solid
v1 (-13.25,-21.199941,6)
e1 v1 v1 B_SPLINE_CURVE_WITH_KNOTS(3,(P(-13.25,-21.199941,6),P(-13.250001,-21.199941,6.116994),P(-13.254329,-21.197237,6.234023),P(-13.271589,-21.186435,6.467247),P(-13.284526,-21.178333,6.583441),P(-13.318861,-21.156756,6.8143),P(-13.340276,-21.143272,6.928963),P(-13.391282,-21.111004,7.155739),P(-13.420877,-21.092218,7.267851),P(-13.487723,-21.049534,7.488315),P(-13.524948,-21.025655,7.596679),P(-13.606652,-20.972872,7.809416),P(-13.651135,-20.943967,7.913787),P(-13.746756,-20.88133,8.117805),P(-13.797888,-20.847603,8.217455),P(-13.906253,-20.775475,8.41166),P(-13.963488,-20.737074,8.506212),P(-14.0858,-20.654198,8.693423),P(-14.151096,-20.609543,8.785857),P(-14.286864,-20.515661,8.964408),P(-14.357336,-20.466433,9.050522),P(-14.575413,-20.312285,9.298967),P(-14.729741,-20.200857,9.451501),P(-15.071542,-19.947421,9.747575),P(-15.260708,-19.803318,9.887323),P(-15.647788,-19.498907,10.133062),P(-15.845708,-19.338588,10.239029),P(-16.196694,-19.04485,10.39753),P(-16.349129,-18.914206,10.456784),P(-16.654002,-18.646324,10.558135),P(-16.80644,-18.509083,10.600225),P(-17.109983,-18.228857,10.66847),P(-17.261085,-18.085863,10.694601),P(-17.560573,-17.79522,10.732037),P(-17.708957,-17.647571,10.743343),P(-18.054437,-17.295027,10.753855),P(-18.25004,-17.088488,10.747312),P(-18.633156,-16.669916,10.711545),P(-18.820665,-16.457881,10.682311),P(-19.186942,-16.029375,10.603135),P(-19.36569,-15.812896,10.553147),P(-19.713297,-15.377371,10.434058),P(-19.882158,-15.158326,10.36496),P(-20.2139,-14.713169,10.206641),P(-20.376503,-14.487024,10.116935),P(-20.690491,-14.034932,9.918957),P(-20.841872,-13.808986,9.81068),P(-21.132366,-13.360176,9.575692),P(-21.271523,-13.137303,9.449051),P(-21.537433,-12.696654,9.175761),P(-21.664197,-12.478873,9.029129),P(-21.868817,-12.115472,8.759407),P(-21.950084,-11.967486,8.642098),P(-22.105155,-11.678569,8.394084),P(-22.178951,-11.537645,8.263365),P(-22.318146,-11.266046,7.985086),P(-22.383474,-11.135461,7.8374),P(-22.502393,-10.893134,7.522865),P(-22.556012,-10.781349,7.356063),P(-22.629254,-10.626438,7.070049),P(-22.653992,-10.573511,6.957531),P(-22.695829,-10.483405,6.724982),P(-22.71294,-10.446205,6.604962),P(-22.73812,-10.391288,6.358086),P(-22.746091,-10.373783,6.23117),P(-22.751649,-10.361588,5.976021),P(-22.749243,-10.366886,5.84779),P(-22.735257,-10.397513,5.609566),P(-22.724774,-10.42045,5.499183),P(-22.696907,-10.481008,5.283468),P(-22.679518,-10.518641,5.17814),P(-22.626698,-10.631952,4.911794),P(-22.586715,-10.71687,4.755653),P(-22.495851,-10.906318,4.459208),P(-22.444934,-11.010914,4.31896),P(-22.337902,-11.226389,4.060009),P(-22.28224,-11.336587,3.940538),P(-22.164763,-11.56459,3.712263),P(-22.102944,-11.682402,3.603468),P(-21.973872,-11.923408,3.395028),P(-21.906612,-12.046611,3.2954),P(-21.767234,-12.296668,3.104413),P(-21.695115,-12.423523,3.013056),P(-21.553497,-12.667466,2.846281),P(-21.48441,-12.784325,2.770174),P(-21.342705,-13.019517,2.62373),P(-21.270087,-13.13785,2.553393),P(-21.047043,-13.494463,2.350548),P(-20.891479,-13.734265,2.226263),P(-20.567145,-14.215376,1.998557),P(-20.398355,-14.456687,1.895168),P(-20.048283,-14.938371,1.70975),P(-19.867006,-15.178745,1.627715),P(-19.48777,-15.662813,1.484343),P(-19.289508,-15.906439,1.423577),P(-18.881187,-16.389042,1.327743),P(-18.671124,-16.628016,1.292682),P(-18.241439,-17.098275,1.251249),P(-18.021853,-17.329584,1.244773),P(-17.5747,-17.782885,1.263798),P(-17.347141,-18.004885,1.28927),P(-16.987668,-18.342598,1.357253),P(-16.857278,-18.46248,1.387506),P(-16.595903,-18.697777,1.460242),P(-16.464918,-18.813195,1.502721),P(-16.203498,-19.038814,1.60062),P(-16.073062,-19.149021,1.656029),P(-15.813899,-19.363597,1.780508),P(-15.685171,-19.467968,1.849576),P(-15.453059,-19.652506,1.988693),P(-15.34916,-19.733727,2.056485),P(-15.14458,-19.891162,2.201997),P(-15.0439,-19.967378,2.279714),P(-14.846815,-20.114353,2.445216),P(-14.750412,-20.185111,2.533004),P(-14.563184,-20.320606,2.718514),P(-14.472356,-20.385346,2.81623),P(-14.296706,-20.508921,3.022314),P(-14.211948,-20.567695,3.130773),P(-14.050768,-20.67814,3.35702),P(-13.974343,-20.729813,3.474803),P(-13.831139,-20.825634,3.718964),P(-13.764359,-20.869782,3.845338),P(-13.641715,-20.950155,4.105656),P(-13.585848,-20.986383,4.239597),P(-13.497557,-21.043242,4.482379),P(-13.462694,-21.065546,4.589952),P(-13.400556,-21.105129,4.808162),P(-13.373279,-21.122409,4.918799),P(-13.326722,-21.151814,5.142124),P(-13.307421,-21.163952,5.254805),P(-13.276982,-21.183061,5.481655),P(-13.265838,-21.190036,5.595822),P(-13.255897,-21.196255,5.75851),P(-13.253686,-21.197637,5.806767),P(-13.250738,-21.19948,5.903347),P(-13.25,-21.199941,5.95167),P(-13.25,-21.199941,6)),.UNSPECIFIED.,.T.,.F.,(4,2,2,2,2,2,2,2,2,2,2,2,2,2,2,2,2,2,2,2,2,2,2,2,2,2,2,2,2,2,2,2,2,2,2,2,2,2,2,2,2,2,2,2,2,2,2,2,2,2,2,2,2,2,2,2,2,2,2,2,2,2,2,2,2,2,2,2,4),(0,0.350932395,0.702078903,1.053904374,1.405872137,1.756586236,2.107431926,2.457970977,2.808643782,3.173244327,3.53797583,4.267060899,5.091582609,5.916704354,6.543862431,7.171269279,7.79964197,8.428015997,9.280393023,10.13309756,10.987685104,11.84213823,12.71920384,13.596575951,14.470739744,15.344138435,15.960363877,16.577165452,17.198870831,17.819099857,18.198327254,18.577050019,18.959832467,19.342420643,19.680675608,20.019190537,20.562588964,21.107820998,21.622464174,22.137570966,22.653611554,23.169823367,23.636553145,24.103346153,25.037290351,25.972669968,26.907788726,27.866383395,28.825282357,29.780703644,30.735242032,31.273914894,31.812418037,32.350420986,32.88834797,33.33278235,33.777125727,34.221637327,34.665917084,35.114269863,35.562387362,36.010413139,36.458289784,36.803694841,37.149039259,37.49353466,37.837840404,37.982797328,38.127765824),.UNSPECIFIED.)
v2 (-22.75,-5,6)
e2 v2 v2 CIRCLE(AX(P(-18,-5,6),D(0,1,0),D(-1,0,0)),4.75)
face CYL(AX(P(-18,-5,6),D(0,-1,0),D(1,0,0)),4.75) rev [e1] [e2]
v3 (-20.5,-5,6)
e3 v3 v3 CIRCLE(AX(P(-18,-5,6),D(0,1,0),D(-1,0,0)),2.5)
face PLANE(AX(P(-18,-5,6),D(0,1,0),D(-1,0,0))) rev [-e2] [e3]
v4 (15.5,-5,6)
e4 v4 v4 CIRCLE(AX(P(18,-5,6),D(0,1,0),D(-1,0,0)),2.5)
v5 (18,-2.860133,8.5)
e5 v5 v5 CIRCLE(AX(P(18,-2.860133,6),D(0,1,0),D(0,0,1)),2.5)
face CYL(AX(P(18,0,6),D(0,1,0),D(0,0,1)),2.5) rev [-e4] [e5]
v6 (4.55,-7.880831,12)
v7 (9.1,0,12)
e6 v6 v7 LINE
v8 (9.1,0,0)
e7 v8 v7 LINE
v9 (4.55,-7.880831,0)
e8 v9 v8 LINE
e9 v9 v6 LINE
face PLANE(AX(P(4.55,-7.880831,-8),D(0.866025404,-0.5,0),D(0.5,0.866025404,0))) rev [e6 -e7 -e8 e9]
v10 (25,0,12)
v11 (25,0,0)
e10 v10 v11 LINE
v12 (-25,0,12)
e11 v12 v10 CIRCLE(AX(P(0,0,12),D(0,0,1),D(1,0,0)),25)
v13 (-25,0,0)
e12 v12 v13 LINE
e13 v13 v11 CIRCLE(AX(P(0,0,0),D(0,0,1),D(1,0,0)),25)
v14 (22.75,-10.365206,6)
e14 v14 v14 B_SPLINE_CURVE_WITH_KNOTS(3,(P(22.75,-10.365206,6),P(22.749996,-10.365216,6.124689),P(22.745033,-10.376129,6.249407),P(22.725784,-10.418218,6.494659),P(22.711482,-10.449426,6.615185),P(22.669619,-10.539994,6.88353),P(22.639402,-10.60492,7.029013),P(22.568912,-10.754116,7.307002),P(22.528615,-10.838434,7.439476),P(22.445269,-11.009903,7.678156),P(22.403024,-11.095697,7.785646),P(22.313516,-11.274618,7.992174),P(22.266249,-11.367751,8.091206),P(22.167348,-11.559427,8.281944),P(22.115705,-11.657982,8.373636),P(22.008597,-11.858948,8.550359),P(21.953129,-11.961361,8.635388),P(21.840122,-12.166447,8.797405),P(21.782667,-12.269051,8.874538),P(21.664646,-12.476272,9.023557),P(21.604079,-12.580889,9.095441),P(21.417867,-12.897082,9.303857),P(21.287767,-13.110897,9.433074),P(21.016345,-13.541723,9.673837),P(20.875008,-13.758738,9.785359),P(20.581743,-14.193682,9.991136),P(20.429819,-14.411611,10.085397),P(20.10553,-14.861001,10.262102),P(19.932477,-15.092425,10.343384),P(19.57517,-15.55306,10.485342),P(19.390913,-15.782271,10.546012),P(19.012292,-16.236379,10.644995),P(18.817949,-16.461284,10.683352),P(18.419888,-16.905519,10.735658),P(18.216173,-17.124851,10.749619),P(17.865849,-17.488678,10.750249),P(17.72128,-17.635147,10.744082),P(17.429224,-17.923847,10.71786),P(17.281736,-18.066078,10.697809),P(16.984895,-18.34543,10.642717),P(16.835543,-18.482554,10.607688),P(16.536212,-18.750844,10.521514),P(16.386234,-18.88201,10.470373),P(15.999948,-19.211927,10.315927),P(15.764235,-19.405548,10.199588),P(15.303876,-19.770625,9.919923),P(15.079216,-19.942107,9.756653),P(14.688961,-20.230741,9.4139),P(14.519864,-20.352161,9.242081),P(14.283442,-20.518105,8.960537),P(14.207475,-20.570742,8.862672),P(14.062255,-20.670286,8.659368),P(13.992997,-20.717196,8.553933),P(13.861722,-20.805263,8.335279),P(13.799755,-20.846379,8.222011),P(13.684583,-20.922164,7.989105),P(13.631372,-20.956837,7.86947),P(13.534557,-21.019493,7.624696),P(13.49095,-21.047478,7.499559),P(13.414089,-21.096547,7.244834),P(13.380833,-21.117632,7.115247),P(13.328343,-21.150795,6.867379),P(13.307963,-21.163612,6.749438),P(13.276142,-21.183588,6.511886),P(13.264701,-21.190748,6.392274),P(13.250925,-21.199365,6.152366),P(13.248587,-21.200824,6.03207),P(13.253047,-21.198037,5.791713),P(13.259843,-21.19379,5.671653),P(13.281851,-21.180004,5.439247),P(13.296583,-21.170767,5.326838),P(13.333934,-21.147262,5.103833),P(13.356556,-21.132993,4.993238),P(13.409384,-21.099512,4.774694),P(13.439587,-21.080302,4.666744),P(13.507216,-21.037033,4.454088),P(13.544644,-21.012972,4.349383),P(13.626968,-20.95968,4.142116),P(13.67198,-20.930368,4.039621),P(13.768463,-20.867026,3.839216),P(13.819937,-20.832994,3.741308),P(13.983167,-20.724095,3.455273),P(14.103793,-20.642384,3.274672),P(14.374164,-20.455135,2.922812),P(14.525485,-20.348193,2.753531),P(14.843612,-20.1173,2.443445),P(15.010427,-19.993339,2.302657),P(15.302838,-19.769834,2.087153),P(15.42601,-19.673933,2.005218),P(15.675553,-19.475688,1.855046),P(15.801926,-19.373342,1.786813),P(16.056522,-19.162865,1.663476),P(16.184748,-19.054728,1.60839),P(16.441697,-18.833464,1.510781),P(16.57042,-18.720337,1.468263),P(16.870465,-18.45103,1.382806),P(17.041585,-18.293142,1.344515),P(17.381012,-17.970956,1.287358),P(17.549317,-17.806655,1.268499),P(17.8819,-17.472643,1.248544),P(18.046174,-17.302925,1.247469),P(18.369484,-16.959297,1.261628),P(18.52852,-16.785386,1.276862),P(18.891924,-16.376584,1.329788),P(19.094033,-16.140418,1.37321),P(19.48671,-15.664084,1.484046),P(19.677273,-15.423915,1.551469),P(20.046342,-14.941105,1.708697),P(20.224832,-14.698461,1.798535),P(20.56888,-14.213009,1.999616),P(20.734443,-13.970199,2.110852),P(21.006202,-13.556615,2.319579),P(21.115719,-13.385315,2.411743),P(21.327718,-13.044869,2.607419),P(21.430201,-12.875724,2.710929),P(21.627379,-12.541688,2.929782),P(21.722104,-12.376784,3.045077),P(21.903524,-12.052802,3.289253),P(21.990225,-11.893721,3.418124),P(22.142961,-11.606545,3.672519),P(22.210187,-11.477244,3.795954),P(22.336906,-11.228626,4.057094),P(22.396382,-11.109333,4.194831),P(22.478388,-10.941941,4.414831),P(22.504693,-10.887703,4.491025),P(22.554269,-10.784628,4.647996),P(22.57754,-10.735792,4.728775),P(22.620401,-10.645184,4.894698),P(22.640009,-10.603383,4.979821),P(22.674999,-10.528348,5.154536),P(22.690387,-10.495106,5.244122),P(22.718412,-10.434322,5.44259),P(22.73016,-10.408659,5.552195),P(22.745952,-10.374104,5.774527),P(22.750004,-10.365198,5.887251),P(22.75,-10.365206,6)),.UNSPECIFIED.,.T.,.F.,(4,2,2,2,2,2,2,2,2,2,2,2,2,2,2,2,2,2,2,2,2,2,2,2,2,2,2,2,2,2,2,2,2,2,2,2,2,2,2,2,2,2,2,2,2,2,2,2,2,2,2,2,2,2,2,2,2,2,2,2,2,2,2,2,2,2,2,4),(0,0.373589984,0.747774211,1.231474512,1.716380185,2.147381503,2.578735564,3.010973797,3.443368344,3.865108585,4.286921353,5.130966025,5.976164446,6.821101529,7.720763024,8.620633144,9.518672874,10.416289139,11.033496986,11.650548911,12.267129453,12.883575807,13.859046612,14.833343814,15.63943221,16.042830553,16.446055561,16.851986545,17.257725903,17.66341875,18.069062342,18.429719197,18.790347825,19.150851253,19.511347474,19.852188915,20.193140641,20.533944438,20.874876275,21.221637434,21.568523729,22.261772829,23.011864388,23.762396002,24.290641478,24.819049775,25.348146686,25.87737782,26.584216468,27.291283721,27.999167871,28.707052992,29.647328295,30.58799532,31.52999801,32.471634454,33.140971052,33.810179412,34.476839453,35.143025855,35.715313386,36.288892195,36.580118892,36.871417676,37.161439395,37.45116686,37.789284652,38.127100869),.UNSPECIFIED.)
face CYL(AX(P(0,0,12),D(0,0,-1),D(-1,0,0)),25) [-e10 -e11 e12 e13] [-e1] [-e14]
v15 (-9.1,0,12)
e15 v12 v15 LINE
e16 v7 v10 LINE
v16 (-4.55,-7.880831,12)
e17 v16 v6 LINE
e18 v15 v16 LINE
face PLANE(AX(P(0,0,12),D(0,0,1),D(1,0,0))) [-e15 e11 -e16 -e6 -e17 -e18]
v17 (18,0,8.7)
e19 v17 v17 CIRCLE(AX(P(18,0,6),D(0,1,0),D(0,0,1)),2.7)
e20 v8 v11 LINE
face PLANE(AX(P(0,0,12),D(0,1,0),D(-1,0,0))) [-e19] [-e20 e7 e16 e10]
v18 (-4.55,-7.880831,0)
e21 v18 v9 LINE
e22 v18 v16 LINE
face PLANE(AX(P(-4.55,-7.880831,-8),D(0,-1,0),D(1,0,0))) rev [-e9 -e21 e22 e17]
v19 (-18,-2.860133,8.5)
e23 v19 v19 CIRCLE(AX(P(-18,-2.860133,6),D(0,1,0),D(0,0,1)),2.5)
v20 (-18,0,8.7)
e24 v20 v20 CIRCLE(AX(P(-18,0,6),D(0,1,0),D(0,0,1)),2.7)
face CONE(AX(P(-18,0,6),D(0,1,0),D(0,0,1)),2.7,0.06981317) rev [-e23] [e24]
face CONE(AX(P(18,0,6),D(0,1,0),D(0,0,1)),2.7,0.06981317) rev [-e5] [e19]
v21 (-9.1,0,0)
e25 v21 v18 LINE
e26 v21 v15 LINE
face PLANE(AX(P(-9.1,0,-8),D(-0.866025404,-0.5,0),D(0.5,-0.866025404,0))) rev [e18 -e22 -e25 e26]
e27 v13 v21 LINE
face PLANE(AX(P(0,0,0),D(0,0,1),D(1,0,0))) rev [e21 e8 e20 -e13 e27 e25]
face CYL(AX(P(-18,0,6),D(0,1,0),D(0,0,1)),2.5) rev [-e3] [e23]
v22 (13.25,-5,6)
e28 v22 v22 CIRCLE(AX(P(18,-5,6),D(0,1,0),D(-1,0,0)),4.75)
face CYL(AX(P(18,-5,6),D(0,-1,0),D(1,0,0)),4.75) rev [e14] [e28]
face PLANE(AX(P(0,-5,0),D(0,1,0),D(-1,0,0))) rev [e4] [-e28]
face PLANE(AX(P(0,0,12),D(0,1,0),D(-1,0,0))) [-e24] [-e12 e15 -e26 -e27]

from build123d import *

# Parameters (mm, degrees)
BOSS_EXTRUDE1_DEPTH                          = 12
SKETCH2_R                                    = 4.75
CUT_EXTRUDE1_DEPTH                           = 35
SKETCH3_R                                    = 2.05
CUT_EXTRUDE2_DEPTH                           = 35
CUT_EXTRUDE3_DEPTH                           = 20
CSK_FOR_M3_CROSS_COUNTERSUNK_HEAD_SC_2_COUNT = 2
CSK_FOR_M3_CROSS_COUNTERSUNK_HEAD_SC_2_PITCH = 36


with BuildPart() as part:
    # Sketch1 → Boss-Extrude1 (new body)
    with BuildSketch(Plane.XY):
        with BuildLine():
            Line((-9.1, 0), (-25, 0))
            ThreePointArc((-25, 0), (0, -25), (25, 0))
            Line((25, 0), (9.211282306, 0))
            Line((9.211282306, 0), (9.1, 0))
            Line((9.1, 0), (-9.1, 0))
        make_face()
    extrude(amount=BOSS_EXTRUDE1_DEPTH)

    # Sketch2 → Cut-Extrude1 (cut)
    with BuildSketch(Plane(origin=(0, -40, 0), x_dir=(1, 0, 0), z_dir=(0, 1, 0))):
        with Locations((18, -6)):
            Circle(SKETCH2_R)
        with Locations((-18, -6)):
            Circle(SKETCH2_R)
    extrude(amount=CUT_EXTRUDE1_DEPTH, mode=Mode.SUBTRACT)

    # Sketch3 → Cut-Extrude2 (cut)
    with BuildSketch(Plane.XZ.offset(5)):
        with Locations((18, 6)):
            Circle(SKETCH3_R)
        with Locations((-18, 6)):
            Circle(SKETCH3_R)
    extrude(amount=-CUT_EXTRUDE2_DEPTH, mode=Mode.SUBTRACT)

    # Sketch4 → Cut-Extrude3 (cut)
    with BuildSketch(Plane.XY.offset(12)):
        Polygon((9.1, 0), (4.55, 7.880831174), (-4.55, 7.880831174), (-9.1, 0), (-4.55, -7.880831174), (4.55, -7.880831174), align=None)
    extrude(amount=-CUT_EXTRUDE3_DEPTH, mode=Mode.SUBTRACT)

    # Sketch5 → CSK for M3 Cross Countersunk Head Screw1 (revolve, cut)
    with BuildSketch(Plane(origin=(-18, 0, 6), x_dir=(0, 0, 1), z_dir=(1, 0, 0))):
        Polygon((0, 0), (0, 25), (2.5, 25), (2.5, 2.860133251), (2.7, 0), align=None)
    csk_for_m3_cross_countersunk_head_screw1 = revolve(axis=Axis((-18, 6.35, 6), (0, -1, 0)), mode=Mode.SUBTRACT)

    # CSK for M3 Cross Countersunk Head Sc 2: CSK for M3 Cross Countersunk Head Screw1 ×2
    with Locations(*[(i * CSK_FOR_M3_CROSS_COUNTERSUNK_HEAD_SC_2_PITCH, 0, 0) for i in range(1, CSK_FOR_M3_CROSS_COUNTERSUNK_HEAD_SC_2_COUNT)]):
        add(csk_for_m3_cross_countersunk_head_screw1, mode=Mode.SUBTRACT)


solid = part.part
